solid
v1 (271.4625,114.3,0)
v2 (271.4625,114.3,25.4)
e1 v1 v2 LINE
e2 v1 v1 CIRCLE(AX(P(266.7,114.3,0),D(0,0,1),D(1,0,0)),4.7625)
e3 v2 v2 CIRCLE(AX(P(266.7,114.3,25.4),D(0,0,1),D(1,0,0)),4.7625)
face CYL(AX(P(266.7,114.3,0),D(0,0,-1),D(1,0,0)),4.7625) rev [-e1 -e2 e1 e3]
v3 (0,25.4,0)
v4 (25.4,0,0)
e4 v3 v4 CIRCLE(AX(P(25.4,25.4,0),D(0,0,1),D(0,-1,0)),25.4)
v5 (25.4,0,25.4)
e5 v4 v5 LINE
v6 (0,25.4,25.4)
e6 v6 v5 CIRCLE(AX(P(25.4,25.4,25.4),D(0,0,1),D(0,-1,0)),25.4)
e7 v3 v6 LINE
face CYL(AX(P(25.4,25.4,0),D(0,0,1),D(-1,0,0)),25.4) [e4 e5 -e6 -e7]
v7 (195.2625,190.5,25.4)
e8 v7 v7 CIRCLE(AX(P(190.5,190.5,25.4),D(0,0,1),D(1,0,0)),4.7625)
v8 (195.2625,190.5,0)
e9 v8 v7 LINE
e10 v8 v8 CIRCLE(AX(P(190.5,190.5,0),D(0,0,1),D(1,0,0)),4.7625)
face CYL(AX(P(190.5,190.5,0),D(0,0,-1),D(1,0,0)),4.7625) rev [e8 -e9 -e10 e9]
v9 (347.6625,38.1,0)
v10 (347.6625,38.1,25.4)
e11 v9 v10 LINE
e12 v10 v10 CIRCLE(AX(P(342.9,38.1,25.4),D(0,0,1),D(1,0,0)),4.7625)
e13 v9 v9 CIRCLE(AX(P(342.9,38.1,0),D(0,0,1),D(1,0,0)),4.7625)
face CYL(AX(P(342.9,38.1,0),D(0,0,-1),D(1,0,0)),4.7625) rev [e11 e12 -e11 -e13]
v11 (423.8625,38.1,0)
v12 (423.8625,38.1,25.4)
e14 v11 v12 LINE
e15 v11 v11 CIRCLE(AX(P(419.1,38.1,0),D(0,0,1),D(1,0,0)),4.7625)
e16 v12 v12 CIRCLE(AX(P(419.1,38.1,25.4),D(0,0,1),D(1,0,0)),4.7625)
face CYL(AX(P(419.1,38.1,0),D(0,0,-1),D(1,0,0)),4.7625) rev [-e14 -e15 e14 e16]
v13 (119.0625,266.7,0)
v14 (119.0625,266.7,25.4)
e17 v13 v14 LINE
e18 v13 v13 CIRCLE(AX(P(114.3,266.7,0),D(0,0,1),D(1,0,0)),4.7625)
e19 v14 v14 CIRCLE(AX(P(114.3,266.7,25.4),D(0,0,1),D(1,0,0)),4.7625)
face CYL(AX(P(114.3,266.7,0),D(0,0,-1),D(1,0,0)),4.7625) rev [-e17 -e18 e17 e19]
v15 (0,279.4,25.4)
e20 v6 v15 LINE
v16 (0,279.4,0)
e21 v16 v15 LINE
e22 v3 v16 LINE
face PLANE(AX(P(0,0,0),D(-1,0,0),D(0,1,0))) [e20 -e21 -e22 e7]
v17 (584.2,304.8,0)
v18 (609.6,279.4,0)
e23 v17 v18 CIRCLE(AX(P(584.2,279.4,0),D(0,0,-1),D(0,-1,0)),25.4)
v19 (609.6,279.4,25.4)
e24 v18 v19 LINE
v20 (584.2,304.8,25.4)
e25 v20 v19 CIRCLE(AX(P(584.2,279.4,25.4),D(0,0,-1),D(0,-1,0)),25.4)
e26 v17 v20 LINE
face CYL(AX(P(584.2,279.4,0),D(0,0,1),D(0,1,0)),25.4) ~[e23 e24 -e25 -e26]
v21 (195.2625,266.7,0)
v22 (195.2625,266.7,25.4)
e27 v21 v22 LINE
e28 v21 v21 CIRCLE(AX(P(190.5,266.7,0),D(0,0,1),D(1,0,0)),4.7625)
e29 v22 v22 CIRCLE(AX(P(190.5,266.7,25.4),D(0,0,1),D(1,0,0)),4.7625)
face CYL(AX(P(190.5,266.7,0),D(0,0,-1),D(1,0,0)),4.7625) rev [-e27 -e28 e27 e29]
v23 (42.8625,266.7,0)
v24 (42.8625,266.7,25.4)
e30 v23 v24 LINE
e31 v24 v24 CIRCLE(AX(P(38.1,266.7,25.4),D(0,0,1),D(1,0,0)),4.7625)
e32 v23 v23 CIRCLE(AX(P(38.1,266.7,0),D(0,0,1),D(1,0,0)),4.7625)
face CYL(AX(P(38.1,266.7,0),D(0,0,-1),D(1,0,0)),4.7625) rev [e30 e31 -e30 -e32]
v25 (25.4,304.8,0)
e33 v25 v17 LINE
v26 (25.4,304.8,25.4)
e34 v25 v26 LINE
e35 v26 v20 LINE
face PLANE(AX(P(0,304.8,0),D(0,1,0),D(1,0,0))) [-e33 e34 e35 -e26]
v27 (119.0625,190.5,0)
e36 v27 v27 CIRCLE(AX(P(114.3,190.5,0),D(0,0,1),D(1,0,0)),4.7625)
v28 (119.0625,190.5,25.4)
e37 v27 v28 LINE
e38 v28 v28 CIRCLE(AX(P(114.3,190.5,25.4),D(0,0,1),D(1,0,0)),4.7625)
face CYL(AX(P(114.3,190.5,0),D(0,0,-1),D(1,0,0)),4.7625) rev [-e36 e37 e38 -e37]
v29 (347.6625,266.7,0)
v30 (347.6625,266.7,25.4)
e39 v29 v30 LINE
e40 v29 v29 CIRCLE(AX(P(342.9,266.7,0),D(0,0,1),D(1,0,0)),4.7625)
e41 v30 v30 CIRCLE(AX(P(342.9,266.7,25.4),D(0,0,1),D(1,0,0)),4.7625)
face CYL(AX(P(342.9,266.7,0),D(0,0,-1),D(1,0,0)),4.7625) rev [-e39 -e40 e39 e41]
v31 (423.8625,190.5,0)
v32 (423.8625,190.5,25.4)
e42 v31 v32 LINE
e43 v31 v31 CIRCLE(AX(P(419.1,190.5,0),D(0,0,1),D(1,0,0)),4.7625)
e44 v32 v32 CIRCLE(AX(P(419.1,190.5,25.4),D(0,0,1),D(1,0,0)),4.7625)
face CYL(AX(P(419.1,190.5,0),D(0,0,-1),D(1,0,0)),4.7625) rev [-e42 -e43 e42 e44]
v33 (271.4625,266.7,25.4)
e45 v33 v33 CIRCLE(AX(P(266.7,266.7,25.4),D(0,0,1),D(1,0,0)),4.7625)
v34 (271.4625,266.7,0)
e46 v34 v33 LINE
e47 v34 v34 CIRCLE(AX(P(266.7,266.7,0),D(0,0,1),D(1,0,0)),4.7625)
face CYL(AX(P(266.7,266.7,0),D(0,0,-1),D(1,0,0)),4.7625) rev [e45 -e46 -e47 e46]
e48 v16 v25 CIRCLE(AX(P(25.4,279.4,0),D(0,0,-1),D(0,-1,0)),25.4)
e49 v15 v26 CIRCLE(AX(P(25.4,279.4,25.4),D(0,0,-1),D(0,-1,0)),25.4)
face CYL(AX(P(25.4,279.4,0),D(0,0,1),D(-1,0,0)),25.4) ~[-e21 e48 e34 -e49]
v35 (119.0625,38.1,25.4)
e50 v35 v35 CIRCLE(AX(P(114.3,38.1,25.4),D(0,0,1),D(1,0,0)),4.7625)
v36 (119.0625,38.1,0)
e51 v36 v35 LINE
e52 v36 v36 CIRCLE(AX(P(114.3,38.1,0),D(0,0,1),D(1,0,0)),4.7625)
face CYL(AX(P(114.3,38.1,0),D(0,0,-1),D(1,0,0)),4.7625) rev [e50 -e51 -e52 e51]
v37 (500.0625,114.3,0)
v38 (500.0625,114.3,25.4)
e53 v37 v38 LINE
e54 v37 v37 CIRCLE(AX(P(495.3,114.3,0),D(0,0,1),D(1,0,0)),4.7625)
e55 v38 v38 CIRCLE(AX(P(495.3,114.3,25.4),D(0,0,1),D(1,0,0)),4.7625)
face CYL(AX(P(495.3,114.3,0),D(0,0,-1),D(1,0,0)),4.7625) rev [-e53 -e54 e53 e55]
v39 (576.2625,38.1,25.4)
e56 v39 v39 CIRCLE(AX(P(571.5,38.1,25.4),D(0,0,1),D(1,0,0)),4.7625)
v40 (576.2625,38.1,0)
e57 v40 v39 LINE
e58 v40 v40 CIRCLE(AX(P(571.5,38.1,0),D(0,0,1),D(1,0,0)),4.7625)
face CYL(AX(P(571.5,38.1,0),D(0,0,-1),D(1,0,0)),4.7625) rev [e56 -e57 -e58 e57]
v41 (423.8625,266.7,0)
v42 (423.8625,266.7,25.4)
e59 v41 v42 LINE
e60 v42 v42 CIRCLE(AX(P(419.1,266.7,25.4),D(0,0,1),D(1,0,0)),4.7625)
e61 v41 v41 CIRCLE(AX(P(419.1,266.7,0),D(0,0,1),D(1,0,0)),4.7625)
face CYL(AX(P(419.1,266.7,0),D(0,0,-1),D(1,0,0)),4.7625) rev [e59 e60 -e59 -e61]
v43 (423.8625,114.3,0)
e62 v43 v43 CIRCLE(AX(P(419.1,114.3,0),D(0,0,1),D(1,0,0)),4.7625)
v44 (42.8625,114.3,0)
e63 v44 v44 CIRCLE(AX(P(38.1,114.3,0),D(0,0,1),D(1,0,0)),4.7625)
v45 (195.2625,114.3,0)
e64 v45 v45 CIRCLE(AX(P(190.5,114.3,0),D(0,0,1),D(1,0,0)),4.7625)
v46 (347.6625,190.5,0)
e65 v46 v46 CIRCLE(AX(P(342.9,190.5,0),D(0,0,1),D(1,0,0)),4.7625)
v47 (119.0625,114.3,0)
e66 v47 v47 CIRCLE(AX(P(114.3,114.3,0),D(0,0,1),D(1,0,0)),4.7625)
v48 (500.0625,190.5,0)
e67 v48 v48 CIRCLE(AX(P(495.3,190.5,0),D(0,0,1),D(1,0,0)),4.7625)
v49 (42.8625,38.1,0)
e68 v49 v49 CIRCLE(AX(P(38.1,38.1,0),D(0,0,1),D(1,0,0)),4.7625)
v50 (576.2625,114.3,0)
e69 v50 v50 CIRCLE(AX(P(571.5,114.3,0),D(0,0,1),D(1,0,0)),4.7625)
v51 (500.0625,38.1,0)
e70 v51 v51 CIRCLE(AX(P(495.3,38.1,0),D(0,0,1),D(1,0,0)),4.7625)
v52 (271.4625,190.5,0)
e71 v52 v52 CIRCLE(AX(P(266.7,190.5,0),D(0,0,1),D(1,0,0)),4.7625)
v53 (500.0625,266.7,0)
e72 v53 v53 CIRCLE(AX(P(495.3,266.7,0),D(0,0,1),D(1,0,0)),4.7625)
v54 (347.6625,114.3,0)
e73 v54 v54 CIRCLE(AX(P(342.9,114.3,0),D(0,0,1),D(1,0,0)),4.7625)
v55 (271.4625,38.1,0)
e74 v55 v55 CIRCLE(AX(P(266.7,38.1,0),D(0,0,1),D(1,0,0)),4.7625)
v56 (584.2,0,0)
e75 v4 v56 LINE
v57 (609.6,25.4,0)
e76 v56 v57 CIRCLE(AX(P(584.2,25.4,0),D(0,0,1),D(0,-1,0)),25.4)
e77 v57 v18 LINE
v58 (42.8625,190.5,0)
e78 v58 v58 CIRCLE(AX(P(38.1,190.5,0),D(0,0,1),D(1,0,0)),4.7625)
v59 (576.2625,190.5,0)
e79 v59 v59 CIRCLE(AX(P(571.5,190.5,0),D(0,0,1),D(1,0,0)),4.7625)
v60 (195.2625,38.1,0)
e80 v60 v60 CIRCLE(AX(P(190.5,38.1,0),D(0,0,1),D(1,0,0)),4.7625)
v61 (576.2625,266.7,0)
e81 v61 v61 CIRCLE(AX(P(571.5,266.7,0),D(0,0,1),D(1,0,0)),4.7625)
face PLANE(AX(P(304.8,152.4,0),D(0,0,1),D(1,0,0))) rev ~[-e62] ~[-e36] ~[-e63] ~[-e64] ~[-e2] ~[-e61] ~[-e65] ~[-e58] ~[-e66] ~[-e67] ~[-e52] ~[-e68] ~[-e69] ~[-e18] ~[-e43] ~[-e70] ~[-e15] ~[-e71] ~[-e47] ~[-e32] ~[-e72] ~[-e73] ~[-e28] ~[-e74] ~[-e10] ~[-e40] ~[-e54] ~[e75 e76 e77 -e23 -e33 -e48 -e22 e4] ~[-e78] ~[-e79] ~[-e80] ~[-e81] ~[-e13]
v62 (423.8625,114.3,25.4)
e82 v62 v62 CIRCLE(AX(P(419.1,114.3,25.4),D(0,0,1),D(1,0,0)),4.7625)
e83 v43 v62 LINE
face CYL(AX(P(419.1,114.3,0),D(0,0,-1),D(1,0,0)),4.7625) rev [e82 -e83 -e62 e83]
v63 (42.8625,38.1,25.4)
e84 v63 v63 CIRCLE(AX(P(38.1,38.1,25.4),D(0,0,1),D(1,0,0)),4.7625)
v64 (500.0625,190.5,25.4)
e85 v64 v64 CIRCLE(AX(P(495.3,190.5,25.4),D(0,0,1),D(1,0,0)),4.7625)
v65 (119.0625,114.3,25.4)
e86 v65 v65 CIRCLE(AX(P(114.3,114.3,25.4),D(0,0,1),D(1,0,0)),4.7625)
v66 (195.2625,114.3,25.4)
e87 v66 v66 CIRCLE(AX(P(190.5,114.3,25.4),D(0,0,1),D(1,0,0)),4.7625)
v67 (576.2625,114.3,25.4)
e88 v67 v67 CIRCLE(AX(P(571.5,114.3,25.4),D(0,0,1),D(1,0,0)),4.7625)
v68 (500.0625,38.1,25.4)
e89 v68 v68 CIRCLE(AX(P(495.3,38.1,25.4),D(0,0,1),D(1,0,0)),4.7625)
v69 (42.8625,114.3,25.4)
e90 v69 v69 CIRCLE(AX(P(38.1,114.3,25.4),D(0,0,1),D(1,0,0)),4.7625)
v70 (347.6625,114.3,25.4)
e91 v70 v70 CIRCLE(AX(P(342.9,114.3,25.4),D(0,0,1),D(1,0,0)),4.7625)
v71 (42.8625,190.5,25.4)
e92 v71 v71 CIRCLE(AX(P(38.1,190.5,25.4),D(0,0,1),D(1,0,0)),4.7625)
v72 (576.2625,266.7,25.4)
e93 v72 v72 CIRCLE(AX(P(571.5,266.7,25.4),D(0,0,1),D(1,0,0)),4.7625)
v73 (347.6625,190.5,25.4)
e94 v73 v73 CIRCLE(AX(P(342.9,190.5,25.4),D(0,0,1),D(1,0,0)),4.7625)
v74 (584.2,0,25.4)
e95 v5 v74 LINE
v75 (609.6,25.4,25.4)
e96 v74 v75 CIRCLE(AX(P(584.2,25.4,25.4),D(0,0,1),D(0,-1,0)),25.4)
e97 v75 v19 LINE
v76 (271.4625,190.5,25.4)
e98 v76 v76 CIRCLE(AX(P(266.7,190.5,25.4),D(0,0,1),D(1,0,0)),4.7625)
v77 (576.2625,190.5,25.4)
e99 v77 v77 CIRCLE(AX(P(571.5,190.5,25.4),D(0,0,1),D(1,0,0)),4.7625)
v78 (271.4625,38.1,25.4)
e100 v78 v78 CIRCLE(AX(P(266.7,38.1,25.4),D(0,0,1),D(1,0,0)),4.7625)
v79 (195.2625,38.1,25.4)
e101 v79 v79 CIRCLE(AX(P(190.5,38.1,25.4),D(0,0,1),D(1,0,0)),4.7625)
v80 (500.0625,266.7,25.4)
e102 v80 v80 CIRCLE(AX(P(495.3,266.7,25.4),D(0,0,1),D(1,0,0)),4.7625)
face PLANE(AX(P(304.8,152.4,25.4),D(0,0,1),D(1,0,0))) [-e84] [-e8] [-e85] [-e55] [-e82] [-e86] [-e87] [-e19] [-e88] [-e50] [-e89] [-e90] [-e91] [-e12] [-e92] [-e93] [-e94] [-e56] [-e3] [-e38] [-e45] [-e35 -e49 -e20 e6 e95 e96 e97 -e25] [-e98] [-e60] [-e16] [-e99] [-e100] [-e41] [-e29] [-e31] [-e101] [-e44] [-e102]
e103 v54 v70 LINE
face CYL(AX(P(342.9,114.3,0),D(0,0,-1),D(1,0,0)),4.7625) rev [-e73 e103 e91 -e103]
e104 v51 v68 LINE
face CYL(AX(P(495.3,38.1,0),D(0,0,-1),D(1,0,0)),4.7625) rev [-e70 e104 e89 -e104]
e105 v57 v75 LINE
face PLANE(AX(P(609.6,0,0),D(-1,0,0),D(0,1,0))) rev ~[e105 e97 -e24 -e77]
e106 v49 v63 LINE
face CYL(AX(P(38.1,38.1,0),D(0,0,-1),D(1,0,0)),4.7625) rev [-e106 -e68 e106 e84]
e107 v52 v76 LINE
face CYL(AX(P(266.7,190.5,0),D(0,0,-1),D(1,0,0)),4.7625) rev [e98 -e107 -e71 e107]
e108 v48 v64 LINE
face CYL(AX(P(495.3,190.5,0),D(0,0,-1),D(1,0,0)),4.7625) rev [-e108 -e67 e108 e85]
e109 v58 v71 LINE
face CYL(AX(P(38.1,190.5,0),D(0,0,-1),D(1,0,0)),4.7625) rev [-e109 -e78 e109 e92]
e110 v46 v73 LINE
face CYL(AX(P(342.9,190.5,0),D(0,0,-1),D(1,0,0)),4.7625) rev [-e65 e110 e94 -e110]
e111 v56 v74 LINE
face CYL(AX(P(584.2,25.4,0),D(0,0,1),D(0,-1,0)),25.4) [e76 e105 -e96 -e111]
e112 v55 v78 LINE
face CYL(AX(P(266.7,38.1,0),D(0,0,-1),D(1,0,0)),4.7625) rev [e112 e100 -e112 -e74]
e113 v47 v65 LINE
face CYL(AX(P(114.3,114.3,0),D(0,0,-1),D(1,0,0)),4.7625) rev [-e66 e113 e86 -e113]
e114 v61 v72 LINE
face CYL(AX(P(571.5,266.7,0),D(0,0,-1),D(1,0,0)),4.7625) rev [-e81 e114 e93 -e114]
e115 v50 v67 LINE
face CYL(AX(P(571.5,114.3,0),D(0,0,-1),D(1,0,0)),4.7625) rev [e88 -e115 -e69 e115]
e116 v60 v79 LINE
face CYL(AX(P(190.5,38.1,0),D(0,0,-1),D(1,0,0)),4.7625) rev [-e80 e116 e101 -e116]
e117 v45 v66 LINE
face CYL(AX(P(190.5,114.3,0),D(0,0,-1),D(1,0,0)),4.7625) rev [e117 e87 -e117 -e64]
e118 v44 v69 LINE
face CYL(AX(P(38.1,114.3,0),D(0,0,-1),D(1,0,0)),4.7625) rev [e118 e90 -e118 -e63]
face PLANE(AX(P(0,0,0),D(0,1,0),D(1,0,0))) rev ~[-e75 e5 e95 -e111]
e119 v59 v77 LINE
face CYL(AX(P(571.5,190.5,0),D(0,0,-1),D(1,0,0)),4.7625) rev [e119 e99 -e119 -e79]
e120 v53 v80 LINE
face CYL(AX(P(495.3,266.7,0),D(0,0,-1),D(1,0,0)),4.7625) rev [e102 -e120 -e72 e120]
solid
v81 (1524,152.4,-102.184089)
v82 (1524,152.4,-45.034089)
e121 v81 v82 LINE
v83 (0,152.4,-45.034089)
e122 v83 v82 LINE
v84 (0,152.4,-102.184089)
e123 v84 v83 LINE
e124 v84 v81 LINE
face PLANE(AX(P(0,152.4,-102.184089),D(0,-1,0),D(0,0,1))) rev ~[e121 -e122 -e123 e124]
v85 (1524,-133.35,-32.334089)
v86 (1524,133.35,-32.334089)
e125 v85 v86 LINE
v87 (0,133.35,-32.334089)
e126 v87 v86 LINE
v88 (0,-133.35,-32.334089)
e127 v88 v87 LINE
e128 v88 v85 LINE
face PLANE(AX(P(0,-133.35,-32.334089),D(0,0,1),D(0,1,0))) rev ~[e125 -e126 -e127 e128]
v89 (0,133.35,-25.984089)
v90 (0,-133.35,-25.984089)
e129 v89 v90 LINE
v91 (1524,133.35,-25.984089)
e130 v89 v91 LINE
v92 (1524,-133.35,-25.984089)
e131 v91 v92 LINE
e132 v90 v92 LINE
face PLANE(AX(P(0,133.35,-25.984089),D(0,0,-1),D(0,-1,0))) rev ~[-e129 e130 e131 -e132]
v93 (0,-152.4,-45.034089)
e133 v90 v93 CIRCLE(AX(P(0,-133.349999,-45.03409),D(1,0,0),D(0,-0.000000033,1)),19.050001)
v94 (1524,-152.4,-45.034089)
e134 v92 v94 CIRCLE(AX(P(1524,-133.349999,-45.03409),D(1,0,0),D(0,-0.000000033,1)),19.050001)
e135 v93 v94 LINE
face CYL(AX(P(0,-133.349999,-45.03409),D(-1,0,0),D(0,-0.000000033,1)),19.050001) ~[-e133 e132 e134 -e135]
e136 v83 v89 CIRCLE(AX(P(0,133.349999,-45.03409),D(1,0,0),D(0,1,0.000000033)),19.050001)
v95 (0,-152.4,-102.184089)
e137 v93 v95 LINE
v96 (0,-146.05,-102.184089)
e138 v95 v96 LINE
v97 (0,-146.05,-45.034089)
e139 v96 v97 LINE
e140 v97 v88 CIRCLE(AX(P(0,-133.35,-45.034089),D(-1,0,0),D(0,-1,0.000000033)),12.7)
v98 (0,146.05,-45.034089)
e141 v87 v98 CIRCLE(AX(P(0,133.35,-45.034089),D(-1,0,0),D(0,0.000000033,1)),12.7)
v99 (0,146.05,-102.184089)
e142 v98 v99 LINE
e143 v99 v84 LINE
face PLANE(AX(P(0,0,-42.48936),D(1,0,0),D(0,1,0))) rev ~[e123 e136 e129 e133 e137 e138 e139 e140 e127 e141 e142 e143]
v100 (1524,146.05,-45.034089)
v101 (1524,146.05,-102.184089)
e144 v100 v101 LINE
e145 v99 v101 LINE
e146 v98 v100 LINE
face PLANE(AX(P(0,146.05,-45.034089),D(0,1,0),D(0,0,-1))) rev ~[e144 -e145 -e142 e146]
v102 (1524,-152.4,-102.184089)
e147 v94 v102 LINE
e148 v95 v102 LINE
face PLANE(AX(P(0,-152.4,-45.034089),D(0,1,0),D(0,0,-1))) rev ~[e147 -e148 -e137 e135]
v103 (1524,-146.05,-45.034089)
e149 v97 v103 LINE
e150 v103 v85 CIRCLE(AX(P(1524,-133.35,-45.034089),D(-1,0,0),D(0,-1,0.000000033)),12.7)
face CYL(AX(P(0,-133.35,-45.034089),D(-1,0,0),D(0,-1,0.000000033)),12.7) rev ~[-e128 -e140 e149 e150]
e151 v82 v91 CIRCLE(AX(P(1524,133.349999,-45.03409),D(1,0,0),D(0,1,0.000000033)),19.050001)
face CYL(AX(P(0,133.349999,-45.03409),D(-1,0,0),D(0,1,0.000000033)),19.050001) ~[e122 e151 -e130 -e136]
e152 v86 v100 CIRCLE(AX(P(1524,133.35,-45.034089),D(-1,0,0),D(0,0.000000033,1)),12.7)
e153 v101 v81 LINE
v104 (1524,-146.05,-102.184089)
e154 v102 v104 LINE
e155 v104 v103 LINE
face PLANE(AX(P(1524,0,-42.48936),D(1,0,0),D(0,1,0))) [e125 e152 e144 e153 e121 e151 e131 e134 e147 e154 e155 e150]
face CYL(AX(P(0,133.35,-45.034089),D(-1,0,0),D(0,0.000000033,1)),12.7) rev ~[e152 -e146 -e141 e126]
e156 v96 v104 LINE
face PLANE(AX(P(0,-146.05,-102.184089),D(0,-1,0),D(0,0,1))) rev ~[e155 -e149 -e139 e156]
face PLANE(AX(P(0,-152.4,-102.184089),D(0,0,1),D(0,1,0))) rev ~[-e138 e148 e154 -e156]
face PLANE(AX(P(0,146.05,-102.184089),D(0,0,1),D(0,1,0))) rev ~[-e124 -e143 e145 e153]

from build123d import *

# Parameters (mm, degrees)
F0_W     = 609.6
F0_H     = 304.8
F0_R     = 4.7625
F1_DEPTH = 25.4
F2_R     = 25.4
F4_DEPTH = 1524


with BuildPart() as f1:
    # F0 (on Top) → F1 (new body)
    with BuildSketch(Plane.XY):
        with Locations((304.8, 152.4)):
            Rectangle(F0_W, F0_H)
        with Locations((38.1, 38.1)):
            Circle(F0_R, mode=Mode.SUBTRACT)
        with Locations((114.3, 38.1)):
            Circle(F0_R, mode=Mode.SUBTRACT)
        with Locations((190.5, 38.1)):
            Circle(F0_R, mode=Mode.SUBTRACT)
        with Locations((266.7, 38.1)):
            Circle(F0_R, mode=Mode.SUBTRACT)
        with Locations((38.1, 114.3)):
            Circle(F0_R, mode=Mode.SUBTRACT)
        with Locations((114.3, 114.3)):
            Circle(F0_R, mode=Mode.SUBTRACT)
        with Locations((190.5, 114.3)):
            Circle(F0_R, mode=Mode.SUBTRACT)
        with Locations((266.7, 114.3)):
            Circle(F0_R, mode=Mode.SUBTRACT)
        with Locations((342.9, 38.1)):
            Circle(F0_R, mode=Mode.SUBTRACT)
        with Locations((419.1, 38.1)):
            Circle(F0_R, mode=Mode.SUBTRACT)
        with Locations((495.3, 38.1)):
            Circle(F0_R, mode=Mode.SUBTRACT)
        with Locations((571.5, 38.1)):
            Circle(F0_R, mode=Mode.SUBTRACT)
        with Locations((342.9, 114.3)):
            Circle(F0_R, mode=Mode.SUBTRACT)
        with Locations((419.1, 114.3)):
            Circle(F0_R, mode=Mode.SUBTRACT)
        with Locations((495.3, 114.3)):
            Circle(F0_R, mode=Mode.SUBTRACT)
        with Locations((571.5, 114.3)):
            Circle(F0_R, mode=Mode.SUBTRACT)
        with Locations((38.1, 190.5)):
            Circle(F0_R, mode=Mode.SUBTRACT)
        with Locations((114.3, 190.5)):
            Circle(F0_R, mode=Mode.SUBTRACT)
        with Locations((190.5, 190.5)):
            Circle(F0_R, mode=Mode.SUBTRACT)
        with Locations((266.7, 190.5)):
            Circle(F0_R, mode=Mode.SUBTRACT)
        with Locations((38.1, 266.7)):
            Circle(F0_R, mode=Mode.SUBTRACT)
        with Locations((114.3, 266.7)):
            Circle(F0_R, mode=Mode.SUBTRACT)
        with Locations((190.5, 266.7)):
            Circle(F0_R, mode=Mode.SUBTRACT)
        with Locations((266.7, 266.7)):
            Circle(F0_R, mode=Mode.SUBTRACT)
        with Locations((342.9, 190.5)):
            Circle(F0_R, mode=Mode.SUBTRACT)
        with Locations((419.1, 190.5)):
            Circle(F0_R, mode=Mode.SUBTRACT)
        with Locations((495.3, 190.5)):
            Circle(F0_R, mode=Mode.SUBTRACT)
        with Locations((571.5, 190.5)):
            Circle(F0_R, mode=Mode.SUBTRACT)
        with Locations((342.9, 266.7)):
            Circle(F0_R, mode=Mode.SUBTRACT)
        with Locations((419.1, 266.7)):
            Circle(F0_R, mode=Mode.SUBTRACT)
        with Locations((495.3, 266.7)):
            Circle(F0_R, mode=Mode.SUBTRACT)
        with Locations((571.5, 266.7)):
            Circle(F0_R, mode=Mode.SUBTRACT)
    extrude(amount=F1_DEPTH)

    # F2
    f2_edges = [f1.edges().sort_by_distance(p)[0] for p in [
        (0, 0, 12.7),
        (609.6, 0, 12.7),
        (609.6, 304.8, 12.7),
        (0, 304.8, 12.7),
    ]]
    fillet(f2_edges, radius=F2_R)


with BuildPart() as f4:
    # F3 (on Right) → F4 (new body)
    with BuildSketch(Plane.YZ):
        with BuildLine():
            Line((133.35, -25.984089), (0, -25.984089))
            Line((0, -25.984089), (-133.35, -25.984089))
            ThreePointArc((-133.35, -25.984089), (-146.820384, -31.563705), (-152.4, -45.034089))
            Line((-152.4, -45.034089), (-152.4, -102.184089))
            Line((-152.4, -102.184089), (-146.05, -102.184089))
            Line((-146.05, -102.184089), (-146.05, -45.034089))
            ThreePointArc((-146.05, -45.034089), (-142.330256, -36.053833), (-133.35, -32.334089))
            Line((-133.35, -32.334089), (0, -32.334089))
            Line((0, -32.334089), (133.35, -32.334089))
            ThreePointArc((133.35, -32.334089), (142.330256, -36.053833), (146.05, -45.034089))
            Line((146.05, -45.034089), (146.05, -102.184089))
            Line((146.05, -102.184089), (152.4, -102.184089))
            Line((152.4, -102.184089), (152.4, -45.034089))
            ThreePointArc((152.4, -45.034089), (146.820384, -31.563705), (133.35, -25.984089))
        make_face()
    extrude(amount=F4_DEPTH)


solid = Compound([f1.part, f4.part])
